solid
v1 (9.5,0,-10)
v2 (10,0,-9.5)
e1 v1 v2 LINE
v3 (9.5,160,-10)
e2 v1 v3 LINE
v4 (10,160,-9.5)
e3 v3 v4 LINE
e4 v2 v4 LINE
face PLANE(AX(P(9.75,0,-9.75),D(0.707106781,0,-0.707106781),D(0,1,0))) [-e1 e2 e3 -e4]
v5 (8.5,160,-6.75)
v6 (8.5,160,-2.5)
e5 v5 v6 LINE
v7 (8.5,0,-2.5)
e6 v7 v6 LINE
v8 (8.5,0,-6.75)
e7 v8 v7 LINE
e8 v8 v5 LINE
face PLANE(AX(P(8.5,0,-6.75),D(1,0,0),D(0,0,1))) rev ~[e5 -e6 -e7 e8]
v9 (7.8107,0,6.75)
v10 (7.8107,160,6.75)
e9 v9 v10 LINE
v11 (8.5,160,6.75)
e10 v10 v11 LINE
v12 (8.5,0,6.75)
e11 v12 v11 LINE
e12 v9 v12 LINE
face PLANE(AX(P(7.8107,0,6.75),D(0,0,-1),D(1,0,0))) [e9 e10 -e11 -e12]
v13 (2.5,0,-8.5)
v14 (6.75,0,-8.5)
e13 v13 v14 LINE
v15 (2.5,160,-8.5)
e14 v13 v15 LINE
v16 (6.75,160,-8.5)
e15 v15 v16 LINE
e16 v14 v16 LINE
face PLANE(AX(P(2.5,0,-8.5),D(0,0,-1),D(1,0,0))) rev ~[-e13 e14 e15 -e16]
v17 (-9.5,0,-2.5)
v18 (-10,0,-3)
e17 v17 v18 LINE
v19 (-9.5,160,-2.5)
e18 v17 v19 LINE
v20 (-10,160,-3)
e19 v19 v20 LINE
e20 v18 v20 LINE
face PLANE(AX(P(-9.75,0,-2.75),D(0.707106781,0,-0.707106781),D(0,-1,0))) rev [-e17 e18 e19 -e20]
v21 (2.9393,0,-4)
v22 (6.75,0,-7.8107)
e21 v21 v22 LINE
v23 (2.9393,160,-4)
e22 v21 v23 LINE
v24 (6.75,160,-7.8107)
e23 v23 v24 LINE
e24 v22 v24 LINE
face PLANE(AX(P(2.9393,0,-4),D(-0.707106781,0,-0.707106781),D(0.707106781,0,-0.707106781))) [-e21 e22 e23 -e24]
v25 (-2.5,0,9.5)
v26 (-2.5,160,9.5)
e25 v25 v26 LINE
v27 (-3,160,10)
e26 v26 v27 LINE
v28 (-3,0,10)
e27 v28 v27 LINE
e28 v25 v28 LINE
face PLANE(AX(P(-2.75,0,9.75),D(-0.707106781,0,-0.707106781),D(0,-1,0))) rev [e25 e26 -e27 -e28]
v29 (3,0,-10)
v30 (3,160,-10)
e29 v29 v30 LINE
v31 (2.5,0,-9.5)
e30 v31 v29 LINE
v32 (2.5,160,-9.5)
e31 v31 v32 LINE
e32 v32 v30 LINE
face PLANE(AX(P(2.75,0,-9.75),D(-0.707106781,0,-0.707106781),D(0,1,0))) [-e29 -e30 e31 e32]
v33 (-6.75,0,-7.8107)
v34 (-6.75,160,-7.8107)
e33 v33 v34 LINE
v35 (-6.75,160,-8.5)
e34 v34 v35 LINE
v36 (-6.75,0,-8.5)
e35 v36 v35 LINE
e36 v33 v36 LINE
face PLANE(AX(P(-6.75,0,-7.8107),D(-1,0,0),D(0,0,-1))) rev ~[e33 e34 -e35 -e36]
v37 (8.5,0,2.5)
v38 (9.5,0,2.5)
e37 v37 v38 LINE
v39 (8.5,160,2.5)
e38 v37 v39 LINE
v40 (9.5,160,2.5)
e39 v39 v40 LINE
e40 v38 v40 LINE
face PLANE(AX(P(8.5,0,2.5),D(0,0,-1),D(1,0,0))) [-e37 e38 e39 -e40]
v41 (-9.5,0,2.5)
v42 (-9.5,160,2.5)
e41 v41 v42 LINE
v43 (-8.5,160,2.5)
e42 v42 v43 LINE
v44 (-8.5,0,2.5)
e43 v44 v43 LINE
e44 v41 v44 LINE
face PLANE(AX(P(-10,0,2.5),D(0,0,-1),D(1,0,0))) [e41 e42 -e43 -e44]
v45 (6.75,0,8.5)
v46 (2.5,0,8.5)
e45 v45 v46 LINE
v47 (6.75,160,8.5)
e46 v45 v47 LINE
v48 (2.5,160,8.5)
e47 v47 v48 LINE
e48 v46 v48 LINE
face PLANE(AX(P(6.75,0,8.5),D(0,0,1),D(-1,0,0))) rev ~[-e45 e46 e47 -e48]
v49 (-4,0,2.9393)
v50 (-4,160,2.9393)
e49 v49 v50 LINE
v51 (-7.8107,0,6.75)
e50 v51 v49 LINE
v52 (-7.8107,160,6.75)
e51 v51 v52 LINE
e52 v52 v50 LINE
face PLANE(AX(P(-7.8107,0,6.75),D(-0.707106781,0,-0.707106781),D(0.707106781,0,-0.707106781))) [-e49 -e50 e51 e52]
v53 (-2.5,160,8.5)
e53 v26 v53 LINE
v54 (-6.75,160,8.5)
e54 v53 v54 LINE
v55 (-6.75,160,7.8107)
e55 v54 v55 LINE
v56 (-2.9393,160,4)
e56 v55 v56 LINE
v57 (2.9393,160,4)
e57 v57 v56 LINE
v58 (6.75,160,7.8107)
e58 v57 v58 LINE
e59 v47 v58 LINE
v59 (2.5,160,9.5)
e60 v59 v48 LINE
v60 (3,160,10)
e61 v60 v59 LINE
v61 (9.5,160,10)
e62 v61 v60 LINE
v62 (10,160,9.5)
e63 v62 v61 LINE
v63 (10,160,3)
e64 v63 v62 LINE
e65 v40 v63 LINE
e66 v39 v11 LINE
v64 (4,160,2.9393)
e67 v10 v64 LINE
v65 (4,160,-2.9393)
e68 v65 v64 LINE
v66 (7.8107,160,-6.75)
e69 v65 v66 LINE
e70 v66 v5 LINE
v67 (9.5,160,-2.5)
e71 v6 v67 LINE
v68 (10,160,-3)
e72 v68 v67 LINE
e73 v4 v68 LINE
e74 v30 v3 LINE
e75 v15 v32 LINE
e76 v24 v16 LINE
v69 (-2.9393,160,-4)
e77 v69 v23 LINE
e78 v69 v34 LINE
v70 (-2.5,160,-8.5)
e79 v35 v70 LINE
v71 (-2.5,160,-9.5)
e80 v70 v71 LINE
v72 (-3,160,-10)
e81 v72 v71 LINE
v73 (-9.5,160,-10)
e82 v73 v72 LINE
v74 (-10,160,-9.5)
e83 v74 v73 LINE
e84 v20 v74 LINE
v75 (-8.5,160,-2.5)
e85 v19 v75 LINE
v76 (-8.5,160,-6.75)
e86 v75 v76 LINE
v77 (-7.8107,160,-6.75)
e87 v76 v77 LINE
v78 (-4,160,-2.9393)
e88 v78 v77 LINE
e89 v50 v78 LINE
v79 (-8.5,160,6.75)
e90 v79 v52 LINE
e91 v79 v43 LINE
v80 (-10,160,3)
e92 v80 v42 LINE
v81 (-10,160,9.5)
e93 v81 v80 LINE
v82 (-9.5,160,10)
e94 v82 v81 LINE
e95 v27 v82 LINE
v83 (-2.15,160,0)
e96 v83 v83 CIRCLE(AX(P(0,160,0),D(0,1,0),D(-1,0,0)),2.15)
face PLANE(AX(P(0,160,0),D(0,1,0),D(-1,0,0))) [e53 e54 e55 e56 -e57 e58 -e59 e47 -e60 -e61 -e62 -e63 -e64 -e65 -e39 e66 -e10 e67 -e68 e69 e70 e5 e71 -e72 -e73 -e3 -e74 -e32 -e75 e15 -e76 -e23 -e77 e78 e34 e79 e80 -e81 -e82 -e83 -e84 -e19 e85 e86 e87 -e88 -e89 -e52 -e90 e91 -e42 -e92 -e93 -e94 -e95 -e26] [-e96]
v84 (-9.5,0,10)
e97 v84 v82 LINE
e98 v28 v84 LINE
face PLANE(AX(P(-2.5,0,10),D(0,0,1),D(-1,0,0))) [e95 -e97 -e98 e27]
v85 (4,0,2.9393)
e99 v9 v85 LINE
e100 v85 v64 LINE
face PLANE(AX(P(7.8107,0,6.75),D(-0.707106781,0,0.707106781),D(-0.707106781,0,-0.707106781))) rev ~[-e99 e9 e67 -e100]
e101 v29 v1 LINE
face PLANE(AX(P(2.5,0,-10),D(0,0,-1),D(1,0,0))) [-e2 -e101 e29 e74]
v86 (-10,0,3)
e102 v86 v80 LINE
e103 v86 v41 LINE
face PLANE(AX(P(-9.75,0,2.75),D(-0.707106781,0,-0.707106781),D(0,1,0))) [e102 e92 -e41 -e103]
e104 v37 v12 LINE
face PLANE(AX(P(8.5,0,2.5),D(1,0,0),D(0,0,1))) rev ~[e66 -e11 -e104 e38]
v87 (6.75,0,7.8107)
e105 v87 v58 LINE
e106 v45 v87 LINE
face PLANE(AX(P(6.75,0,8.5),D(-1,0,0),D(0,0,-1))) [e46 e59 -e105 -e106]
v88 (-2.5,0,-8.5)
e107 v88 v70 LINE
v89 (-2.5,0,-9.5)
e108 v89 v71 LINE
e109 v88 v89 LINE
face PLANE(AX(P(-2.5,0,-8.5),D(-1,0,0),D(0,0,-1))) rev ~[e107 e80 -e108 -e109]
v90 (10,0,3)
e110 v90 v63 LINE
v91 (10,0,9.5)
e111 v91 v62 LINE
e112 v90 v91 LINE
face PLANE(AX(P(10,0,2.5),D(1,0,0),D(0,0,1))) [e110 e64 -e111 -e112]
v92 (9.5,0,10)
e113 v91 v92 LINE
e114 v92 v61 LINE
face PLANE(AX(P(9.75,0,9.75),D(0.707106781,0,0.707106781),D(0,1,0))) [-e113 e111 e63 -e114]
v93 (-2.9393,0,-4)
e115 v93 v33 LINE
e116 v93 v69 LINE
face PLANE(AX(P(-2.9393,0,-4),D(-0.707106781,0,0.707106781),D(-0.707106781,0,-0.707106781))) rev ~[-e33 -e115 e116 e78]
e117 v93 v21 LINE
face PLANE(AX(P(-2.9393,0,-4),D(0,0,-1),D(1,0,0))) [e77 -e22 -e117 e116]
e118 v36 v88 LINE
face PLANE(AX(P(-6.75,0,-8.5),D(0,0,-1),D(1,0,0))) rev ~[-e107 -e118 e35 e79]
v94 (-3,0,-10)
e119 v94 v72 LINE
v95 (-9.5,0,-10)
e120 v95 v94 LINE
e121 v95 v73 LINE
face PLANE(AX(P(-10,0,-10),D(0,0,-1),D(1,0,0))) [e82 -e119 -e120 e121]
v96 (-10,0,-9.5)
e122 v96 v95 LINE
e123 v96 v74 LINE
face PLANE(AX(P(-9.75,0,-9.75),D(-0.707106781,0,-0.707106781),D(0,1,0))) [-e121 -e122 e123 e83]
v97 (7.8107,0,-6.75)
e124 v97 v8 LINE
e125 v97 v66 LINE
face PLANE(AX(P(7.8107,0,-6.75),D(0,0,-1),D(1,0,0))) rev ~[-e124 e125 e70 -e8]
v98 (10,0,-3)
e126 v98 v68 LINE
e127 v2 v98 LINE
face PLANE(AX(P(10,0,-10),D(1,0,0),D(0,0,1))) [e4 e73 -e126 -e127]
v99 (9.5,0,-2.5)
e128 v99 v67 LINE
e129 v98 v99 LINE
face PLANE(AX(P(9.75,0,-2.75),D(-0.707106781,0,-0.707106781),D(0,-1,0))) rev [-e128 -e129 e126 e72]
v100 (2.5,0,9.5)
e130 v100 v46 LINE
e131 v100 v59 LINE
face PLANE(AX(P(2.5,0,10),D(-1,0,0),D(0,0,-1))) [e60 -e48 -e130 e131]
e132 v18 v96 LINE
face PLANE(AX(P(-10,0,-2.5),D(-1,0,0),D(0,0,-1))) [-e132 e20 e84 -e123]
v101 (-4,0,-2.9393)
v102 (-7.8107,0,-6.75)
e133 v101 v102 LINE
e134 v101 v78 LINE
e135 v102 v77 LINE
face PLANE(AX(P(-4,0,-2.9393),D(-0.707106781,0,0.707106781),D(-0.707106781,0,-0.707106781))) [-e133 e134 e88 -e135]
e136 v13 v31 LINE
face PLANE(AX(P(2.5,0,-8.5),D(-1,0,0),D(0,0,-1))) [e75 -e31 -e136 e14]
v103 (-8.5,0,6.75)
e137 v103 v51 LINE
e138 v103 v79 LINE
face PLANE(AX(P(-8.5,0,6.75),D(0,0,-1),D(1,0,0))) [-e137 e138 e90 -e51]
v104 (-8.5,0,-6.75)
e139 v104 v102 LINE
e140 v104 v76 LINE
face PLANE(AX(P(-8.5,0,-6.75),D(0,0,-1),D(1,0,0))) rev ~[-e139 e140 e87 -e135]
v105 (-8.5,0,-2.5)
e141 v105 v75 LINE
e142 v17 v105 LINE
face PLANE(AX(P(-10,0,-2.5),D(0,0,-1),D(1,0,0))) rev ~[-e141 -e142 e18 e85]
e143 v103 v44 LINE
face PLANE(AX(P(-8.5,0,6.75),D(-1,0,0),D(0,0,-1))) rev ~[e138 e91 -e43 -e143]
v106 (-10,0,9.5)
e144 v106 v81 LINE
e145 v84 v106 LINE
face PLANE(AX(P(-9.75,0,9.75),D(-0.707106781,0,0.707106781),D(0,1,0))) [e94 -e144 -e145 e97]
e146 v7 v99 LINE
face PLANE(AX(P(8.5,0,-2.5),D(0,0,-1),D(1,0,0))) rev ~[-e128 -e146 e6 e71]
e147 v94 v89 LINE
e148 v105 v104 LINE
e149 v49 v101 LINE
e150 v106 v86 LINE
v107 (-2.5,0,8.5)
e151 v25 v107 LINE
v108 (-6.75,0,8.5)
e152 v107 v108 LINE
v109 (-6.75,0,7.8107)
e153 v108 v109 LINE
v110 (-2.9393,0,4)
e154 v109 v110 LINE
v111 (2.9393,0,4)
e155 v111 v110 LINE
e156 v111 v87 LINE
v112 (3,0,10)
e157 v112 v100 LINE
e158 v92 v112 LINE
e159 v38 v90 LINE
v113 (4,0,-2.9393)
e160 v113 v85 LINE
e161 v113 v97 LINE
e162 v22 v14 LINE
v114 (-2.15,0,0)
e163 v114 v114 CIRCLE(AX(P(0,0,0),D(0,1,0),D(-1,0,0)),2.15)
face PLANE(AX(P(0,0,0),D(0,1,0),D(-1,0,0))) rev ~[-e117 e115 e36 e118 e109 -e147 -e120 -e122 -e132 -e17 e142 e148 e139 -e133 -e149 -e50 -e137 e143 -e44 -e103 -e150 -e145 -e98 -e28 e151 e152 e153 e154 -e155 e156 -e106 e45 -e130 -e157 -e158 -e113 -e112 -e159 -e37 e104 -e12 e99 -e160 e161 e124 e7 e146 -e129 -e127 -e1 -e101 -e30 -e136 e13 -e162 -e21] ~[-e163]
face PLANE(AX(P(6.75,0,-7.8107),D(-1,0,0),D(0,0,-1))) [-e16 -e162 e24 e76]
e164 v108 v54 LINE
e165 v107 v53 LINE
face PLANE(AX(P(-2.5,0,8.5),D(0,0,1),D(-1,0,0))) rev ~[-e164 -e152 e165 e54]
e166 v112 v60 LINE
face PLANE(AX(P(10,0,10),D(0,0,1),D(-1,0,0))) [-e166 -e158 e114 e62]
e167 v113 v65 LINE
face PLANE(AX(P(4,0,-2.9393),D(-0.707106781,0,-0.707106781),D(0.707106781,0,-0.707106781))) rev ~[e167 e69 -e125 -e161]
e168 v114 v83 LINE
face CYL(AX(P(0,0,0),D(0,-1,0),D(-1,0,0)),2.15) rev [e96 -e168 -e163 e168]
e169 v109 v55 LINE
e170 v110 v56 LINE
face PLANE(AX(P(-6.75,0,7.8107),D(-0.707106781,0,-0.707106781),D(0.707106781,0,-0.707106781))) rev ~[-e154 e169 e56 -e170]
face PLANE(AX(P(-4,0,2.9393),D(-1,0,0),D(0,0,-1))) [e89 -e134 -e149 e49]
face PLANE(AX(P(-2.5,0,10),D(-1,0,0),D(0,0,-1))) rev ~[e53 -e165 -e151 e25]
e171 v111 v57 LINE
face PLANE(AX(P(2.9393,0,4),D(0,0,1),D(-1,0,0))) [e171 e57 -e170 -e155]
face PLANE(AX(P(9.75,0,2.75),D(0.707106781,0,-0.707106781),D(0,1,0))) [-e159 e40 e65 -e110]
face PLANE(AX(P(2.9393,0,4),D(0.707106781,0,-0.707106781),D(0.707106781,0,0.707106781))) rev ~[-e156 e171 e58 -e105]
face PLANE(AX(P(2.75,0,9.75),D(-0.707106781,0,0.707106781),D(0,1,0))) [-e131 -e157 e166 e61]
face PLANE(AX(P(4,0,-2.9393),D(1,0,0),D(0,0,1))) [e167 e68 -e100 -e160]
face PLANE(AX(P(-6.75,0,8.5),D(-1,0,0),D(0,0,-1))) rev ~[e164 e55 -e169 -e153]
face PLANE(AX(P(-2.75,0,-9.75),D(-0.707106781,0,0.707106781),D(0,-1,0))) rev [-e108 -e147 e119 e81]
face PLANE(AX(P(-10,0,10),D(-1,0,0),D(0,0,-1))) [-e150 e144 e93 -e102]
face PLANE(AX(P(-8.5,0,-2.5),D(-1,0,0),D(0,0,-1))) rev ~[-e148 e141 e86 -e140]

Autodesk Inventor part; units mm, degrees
ref_plane "YZ Plane" through (0, 0, 0) normal (1, 0, 0) x (0, 1, 0)
ref_plane "XZ Plane" through (0, 0, 0) normal (0, 1, 0) x (-1, 0, 0)
ref_plane "XY Plane" through (0, 0, 0) normal (0, 0, 1) x (1, 0, 0)
sketch "Sketch1" plane through (0, 0, 0) normal (0, 1, 0) x (-1, 0, 0)
  line L0 (-2.9393, 4) -> (2.9393, 4)
  line L1 (4, 2.9393) -> (4, -2.9393)
  line L2 (2.9393, -4) -> (-2.9393, -4)
  line L3 (-4, -2.9393) -> (-4, 2.9393)
  circle A0 centre (0, 0) radius 2.15
  line L4 (-2.9393, 4) -> (-6.75, 7.8107)
  line L5 (-7.8107, 6.75) -> (-4, 2.9393)
  line L6 (4, -2.9393) -> (7.8107, -6.75)
  line L7 (-10, 10) -> (-2.5, 10)
  line L8 (2.5, 10) -> (10, 10)
  line L9 (10, -10) -> (2.5, -10)
  line L10 (-2.5, -10) -> (-10, -10)
  line L11 (10, 10) -> (10, 2.5)
  line L12 (10, -2.5) -> (10, -10)
  line L13 (-10, -10) -> (-10, -2.5)
  line L14 (-10, 2.5) -> (-10, 10)
  line L15 (-8.5, 2.5) -> (-8.5, 6.75)
  line L16 (-6.75, 8.5) -> (-2.5, 8.5)
  line L17 (2.5, 10) -> (2.5, 8.5)
  line L18 (10, 2.5) -> (8.5, 2.5)
  line L19 (10, -2.5) -> (8.5, -2.5)
  line L20 (2.5, -8.5) -> (2.5, -10)
  line L21 (-2.5, -8.5) -> (-2.5, -10)
  line L22 (-8.5, -2.5) -> (-10, -2.5)
  line L23 (-8.5, 2.5) -> (-10, 2.5)
  line L24 (-2.5, 10) -> (-2.5, 8.5)
  line L25 (-7.8107, 6.75) -> (-8.5, 6.75)
  line L26 (-6.75, 8.5) -> (-6.75, 7.8107)
  line L27 (6.75, 8.5) -> (6.75, 7.8107)
  line L28 (8.5, 6.75) -> (7.8107, 6.75)
  line L29 (8.5, 6.75) -> (8.5, 2.5)
  line L30 (2.5, 8.5) -> (6.75, 8.5)
  line L31 (6.75, 7.8107) -> (2.9393, 4)
  line L32 (7.8107, 6.75) -> (4, 2.9393)
  line L33 (2.9393, -4) -> (6.75, -7.8107)
  line L34 (8.5, -2.5) -> (8.5, -6.75)
  line L35 (6.75, -8.5) -> (2.5, -8.5)
  line L36 (8.5, -6.75) -> (7.8107, -6.75)
  line L37 (6.75, -7.8107) -> (6.75, -8.5)
  line L38 (-2.5, -8.5) -> (-6.75, -8.5)
  line L39 (-2.9393, -4) -> (-6.75, -7.8107)
  line L40 (-8.5, -6.75) -> (-8.5, -2.5)
  line L41 (-4, -2.9393) -> (-7.8107, -6.75)
  line L42 (-6.75, -7.8107) -> (-6.75, -8.5)
  line L43 (-7.8107, -6.75) -> (-8.5, -6.75)
  dimension "d0" = 20
  dimension "d1" = 20
  dimension "d26" = 1.5
  dimension "d27" = 1.5
  dimension "d32" = 7.5
  dimension "d33" = 5
  dimension "d34" = 7.5
  dimension "d35" = 7.5
  dimension "d40" = 6
  dimension "d41" = 13.5
extrude "Extrusion1" add sketch "Sketch1" along normal blind 160
chamfer "Chamfer1" distance 0.5 angle 45 12 edges at (-10, 80, 2.5) (-10, 80, -2.5) (-2.5, 80, 10) (2.5, 80, 10) (10, 80, 2.5) (10, 80, -2.5) (2.5, 80, -10) (-2.5, 80, -10) (-10, 80, 10) (-10, 80, -10) (10, 80, -10) (10, 80, 10)
properties part number "2020 Extrusion 160mm" material "Aluminum 6061"
